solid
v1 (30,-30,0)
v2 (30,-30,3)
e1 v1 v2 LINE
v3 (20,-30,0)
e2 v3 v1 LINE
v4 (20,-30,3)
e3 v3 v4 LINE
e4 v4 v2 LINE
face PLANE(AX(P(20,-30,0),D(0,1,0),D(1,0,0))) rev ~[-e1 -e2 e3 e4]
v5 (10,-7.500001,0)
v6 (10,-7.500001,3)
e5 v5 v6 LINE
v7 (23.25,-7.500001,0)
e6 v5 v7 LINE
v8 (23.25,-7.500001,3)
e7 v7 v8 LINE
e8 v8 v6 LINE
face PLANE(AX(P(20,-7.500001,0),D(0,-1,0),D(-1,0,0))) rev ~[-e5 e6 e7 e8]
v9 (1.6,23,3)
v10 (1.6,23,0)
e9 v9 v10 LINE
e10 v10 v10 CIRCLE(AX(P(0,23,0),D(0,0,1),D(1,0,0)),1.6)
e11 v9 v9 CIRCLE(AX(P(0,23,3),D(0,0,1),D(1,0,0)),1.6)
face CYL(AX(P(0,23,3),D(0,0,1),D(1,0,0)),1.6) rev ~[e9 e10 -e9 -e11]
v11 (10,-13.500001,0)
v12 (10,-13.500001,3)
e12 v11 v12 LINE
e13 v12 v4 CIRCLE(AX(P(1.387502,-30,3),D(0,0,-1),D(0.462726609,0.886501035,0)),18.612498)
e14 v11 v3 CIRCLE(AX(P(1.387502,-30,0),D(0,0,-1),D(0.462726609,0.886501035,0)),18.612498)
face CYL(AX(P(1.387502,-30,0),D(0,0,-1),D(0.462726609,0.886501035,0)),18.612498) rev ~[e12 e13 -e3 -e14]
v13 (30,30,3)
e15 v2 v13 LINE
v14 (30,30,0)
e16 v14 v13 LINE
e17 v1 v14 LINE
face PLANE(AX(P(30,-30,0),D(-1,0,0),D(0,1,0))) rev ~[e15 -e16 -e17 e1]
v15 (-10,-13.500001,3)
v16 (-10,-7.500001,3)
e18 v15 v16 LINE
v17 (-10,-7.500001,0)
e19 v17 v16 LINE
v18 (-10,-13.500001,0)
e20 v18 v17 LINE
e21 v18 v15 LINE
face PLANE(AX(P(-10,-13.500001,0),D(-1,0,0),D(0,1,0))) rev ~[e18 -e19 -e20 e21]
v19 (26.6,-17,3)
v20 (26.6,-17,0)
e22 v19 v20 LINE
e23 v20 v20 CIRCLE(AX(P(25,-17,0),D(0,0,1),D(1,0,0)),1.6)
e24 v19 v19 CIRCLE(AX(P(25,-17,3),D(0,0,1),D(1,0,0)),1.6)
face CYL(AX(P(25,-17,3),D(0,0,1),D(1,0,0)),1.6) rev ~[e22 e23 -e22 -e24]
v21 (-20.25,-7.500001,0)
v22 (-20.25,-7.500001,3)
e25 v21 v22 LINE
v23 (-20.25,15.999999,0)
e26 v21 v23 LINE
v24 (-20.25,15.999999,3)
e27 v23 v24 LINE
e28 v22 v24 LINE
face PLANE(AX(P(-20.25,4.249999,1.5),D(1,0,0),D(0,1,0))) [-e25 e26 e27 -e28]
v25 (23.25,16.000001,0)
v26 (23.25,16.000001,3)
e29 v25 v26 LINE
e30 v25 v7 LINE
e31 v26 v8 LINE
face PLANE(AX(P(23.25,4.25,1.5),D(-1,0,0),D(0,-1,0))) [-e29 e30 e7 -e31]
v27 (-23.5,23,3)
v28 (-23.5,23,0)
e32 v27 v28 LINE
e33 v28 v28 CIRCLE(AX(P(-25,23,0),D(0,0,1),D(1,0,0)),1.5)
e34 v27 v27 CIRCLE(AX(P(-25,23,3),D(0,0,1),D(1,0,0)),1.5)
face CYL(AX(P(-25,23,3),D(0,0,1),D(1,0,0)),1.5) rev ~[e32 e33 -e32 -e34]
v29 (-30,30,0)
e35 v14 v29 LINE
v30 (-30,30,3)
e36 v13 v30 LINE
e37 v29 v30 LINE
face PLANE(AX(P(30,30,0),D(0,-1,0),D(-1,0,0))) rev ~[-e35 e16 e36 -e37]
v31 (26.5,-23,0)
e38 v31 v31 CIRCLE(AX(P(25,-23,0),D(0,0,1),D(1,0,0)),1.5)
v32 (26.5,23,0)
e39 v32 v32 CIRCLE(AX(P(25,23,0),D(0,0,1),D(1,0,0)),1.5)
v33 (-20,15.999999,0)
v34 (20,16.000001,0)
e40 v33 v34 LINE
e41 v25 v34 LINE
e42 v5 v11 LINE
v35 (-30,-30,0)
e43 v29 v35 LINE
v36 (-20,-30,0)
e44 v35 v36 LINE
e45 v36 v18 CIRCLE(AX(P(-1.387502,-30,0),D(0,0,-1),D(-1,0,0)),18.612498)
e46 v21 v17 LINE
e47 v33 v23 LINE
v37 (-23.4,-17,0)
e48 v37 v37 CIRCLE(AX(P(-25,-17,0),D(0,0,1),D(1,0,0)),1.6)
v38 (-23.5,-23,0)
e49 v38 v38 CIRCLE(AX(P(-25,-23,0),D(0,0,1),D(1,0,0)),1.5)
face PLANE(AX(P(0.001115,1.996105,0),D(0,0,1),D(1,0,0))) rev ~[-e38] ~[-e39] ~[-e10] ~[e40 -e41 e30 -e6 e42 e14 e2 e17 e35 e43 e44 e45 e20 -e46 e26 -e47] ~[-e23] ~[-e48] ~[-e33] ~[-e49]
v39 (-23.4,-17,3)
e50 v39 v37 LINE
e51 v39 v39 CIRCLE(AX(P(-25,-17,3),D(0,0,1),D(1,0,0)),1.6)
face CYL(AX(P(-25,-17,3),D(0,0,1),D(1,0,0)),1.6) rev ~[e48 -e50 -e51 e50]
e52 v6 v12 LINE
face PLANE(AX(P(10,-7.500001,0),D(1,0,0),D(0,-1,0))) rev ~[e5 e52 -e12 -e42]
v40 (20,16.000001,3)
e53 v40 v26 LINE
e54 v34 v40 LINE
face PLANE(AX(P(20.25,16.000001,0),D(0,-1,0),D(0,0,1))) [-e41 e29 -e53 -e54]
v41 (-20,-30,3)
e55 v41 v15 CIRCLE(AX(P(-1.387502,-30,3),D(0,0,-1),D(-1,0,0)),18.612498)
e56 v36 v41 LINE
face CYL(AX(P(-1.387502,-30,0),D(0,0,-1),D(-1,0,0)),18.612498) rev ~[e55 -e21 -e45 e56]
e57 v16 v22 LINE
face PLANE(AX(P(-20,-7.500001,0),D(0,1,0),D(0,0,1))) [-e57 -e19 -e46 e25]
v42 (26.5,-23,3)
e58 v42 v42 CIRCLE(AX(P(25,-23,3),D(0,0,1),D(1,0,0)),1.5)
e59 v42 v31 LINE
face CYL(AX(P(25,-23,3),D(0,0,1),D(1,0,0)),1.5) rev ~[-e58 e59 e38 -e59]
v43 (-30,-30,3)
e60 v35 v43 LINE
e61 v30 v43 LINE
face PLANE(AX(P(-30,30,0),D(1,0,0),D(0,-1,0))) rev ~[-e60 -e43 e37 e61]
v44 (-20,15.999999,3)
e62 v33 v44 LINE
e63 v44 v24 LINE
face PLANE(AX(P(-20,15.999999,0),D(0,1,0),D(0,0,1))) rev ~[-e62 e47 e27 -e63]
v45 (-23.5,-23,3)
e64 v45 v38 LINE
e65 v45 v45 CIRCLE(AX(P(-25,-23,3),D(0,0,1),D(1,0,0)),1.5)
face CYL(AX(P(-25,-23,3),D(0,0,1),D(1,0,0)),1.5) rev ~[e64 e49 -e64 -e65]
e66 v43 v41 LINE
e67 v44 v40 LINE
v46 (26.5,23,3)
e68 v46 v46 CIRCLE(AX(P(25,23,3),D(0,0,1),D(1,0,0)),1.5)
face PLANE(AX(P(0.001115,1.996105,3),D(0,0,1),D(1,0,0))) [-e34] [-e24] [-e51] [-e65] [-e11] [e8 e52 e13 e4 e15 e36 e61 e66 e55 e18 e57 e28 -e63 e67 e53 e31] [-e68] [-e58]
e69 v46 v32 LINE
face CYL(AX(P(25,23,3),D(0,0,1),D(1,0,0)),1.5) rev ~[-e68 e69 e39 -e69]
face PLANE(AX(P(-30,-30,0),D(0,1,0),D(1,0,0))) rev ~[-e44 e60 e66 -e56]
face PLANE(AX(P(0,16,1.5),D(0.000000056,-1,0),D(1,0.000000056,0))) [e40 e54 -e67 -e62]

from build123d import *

# Parameters (mm, degrees)
F1_DEPTH  = 3
F2_R      = 1.5
F3_DEPTH  = 3.001
F4_R      = 1.6
F5_DEPTH  = 3.001
F6_W      = 40
F6_H      = 3
F7_DEPTH  = 0.5
F8_W      = 23.5
F8_H      = 3
F9_DEPTH  = 0.25
F10_W     = 23.5000022292
F10_H     = 3
F11_DEPTH = 0.25
F12_W     = 23.5000022292
F12_H     = 3
F13_DEPTH = 3


with BuildPart() as f1:
    # F0 (on Top) → F1 (new body)
    with BuildSketch(Plane.XY):
        Polygon((30, -30), (30, 30), (-30, 30), (-30, -30), (-20, -30), (-20, -15.5000011146), (-19.9802070856, -13.5000011146), (-10, -13.5000011146), (-10, -7.5000011146), (-20, -7.5000011146), (-20, 15.4999988854), (20, 15.5000011146), (20, -7.5000011146), (10, -7.5000011146), (10, -13.5000011146), (20, -13.5000011146), (20, -15.4999988854), (20, -30), align=None)
        with BuildLine():
            Line((-20, -15.5000011146), (-20, -30))
            ThreePointArc((-20, -30), (-17.3048696173, -20.3531097858), (-10, -13.5000011146))
            Line((-10, -13.5000011146), (-19.9802070856, -13.5000011146))
            Line((-19.9802070856, -13.5000011146), (-20, -15.5000011146))
        make_face()
        with BuildLine():
            ThreePointArc((10, -13.5000011146), (17.3048696173, -20.3531097858), (20, -30))
            Line((20, -30), (20, -15.4999988854))
            Line((20, -15.4999988854), (20, -13.5000011146))
            Line((20, -13.5000011146), (10, -13.5000011146))
        make_face()
    extrude(amount=F1_DEPTH)

    # F2 (on face) → F3 (cut, through all)
    with BuildSketch(Plane.XY.offset(3)):
        with Locations((-25, 23)):
            Circle(F2_R)
        with Locations((25, 23)):
            Circle(F2_R)
        with Locations((-25, -23)):
            Circle(F2_R)
        with Locations((25, -23)):
            Circle(F2_R)
    extrude(amount=-F3_DEPTH, mode=Mode.SUBTRACT)

    # F4 (on face) → F5 (cut, through all)
    with BuildSketch(Plane.XY.offset(3)):
        with Locations((25, -17)):
            Circle(F4_R)
        with Locations((-25, -17)):
            Circle(F4_R)
        with Locations((0, 23)):
            Circle(F4_R)
    extrude(amount=-F5_DEPTH, mode=Mode.SUBTRACT)

    # F6 (on face) → F7 (cut)
    with BuildSketch(Plane(origin=(-8.638e-07, 15.5, 0), x_dir=(1, 5.57e-08, 0), z_dir=(5.57e-08, -1, 0))):
        with Locations((8.638e-07, 1.5)):
            Rectangle(F6_W, F6_H)
    extrude(amount=-F7_DEPTH, mode=Mode.SUBTRACT)

    # F8 (on face) → F9 (cut)
    with BuildSketch(Plane.YZ.offset(-20)):
        with Locations((4.2499988854, 1.5)):
            Rectangle(F8_W, F8_H)
    extrude(amount=-F9_DEPTH, mode=Mode.SUBTRACT)

    # F10 (on face) → F11 (cut)
    with BuildSketch(Plane(origin=(20, 0, 0), x_dir=(0, -1, 0), z_dir=(-1, 0, 0))):
        with Locations((-4.25, 1.5)):
            Rectangle(F10_W, F10_H)
    extrude(amount=-F11_DEPTH, mode=Mode.SUBTRACT)

    # F12 (on face) → F13 (cut)
    with BuildSketch(Plane(origin=(20.25, 0, 0), x_dir=(0, -1, 0), z_dir=(-1, 0, 0))):
        with Locations((-4.25, 1.5)):
            Rectangle(F12_W, F12_H)
    extrude(amount=-F13_DEPTH, mode=Mode.SUBTRACT)


solid = f1.part
